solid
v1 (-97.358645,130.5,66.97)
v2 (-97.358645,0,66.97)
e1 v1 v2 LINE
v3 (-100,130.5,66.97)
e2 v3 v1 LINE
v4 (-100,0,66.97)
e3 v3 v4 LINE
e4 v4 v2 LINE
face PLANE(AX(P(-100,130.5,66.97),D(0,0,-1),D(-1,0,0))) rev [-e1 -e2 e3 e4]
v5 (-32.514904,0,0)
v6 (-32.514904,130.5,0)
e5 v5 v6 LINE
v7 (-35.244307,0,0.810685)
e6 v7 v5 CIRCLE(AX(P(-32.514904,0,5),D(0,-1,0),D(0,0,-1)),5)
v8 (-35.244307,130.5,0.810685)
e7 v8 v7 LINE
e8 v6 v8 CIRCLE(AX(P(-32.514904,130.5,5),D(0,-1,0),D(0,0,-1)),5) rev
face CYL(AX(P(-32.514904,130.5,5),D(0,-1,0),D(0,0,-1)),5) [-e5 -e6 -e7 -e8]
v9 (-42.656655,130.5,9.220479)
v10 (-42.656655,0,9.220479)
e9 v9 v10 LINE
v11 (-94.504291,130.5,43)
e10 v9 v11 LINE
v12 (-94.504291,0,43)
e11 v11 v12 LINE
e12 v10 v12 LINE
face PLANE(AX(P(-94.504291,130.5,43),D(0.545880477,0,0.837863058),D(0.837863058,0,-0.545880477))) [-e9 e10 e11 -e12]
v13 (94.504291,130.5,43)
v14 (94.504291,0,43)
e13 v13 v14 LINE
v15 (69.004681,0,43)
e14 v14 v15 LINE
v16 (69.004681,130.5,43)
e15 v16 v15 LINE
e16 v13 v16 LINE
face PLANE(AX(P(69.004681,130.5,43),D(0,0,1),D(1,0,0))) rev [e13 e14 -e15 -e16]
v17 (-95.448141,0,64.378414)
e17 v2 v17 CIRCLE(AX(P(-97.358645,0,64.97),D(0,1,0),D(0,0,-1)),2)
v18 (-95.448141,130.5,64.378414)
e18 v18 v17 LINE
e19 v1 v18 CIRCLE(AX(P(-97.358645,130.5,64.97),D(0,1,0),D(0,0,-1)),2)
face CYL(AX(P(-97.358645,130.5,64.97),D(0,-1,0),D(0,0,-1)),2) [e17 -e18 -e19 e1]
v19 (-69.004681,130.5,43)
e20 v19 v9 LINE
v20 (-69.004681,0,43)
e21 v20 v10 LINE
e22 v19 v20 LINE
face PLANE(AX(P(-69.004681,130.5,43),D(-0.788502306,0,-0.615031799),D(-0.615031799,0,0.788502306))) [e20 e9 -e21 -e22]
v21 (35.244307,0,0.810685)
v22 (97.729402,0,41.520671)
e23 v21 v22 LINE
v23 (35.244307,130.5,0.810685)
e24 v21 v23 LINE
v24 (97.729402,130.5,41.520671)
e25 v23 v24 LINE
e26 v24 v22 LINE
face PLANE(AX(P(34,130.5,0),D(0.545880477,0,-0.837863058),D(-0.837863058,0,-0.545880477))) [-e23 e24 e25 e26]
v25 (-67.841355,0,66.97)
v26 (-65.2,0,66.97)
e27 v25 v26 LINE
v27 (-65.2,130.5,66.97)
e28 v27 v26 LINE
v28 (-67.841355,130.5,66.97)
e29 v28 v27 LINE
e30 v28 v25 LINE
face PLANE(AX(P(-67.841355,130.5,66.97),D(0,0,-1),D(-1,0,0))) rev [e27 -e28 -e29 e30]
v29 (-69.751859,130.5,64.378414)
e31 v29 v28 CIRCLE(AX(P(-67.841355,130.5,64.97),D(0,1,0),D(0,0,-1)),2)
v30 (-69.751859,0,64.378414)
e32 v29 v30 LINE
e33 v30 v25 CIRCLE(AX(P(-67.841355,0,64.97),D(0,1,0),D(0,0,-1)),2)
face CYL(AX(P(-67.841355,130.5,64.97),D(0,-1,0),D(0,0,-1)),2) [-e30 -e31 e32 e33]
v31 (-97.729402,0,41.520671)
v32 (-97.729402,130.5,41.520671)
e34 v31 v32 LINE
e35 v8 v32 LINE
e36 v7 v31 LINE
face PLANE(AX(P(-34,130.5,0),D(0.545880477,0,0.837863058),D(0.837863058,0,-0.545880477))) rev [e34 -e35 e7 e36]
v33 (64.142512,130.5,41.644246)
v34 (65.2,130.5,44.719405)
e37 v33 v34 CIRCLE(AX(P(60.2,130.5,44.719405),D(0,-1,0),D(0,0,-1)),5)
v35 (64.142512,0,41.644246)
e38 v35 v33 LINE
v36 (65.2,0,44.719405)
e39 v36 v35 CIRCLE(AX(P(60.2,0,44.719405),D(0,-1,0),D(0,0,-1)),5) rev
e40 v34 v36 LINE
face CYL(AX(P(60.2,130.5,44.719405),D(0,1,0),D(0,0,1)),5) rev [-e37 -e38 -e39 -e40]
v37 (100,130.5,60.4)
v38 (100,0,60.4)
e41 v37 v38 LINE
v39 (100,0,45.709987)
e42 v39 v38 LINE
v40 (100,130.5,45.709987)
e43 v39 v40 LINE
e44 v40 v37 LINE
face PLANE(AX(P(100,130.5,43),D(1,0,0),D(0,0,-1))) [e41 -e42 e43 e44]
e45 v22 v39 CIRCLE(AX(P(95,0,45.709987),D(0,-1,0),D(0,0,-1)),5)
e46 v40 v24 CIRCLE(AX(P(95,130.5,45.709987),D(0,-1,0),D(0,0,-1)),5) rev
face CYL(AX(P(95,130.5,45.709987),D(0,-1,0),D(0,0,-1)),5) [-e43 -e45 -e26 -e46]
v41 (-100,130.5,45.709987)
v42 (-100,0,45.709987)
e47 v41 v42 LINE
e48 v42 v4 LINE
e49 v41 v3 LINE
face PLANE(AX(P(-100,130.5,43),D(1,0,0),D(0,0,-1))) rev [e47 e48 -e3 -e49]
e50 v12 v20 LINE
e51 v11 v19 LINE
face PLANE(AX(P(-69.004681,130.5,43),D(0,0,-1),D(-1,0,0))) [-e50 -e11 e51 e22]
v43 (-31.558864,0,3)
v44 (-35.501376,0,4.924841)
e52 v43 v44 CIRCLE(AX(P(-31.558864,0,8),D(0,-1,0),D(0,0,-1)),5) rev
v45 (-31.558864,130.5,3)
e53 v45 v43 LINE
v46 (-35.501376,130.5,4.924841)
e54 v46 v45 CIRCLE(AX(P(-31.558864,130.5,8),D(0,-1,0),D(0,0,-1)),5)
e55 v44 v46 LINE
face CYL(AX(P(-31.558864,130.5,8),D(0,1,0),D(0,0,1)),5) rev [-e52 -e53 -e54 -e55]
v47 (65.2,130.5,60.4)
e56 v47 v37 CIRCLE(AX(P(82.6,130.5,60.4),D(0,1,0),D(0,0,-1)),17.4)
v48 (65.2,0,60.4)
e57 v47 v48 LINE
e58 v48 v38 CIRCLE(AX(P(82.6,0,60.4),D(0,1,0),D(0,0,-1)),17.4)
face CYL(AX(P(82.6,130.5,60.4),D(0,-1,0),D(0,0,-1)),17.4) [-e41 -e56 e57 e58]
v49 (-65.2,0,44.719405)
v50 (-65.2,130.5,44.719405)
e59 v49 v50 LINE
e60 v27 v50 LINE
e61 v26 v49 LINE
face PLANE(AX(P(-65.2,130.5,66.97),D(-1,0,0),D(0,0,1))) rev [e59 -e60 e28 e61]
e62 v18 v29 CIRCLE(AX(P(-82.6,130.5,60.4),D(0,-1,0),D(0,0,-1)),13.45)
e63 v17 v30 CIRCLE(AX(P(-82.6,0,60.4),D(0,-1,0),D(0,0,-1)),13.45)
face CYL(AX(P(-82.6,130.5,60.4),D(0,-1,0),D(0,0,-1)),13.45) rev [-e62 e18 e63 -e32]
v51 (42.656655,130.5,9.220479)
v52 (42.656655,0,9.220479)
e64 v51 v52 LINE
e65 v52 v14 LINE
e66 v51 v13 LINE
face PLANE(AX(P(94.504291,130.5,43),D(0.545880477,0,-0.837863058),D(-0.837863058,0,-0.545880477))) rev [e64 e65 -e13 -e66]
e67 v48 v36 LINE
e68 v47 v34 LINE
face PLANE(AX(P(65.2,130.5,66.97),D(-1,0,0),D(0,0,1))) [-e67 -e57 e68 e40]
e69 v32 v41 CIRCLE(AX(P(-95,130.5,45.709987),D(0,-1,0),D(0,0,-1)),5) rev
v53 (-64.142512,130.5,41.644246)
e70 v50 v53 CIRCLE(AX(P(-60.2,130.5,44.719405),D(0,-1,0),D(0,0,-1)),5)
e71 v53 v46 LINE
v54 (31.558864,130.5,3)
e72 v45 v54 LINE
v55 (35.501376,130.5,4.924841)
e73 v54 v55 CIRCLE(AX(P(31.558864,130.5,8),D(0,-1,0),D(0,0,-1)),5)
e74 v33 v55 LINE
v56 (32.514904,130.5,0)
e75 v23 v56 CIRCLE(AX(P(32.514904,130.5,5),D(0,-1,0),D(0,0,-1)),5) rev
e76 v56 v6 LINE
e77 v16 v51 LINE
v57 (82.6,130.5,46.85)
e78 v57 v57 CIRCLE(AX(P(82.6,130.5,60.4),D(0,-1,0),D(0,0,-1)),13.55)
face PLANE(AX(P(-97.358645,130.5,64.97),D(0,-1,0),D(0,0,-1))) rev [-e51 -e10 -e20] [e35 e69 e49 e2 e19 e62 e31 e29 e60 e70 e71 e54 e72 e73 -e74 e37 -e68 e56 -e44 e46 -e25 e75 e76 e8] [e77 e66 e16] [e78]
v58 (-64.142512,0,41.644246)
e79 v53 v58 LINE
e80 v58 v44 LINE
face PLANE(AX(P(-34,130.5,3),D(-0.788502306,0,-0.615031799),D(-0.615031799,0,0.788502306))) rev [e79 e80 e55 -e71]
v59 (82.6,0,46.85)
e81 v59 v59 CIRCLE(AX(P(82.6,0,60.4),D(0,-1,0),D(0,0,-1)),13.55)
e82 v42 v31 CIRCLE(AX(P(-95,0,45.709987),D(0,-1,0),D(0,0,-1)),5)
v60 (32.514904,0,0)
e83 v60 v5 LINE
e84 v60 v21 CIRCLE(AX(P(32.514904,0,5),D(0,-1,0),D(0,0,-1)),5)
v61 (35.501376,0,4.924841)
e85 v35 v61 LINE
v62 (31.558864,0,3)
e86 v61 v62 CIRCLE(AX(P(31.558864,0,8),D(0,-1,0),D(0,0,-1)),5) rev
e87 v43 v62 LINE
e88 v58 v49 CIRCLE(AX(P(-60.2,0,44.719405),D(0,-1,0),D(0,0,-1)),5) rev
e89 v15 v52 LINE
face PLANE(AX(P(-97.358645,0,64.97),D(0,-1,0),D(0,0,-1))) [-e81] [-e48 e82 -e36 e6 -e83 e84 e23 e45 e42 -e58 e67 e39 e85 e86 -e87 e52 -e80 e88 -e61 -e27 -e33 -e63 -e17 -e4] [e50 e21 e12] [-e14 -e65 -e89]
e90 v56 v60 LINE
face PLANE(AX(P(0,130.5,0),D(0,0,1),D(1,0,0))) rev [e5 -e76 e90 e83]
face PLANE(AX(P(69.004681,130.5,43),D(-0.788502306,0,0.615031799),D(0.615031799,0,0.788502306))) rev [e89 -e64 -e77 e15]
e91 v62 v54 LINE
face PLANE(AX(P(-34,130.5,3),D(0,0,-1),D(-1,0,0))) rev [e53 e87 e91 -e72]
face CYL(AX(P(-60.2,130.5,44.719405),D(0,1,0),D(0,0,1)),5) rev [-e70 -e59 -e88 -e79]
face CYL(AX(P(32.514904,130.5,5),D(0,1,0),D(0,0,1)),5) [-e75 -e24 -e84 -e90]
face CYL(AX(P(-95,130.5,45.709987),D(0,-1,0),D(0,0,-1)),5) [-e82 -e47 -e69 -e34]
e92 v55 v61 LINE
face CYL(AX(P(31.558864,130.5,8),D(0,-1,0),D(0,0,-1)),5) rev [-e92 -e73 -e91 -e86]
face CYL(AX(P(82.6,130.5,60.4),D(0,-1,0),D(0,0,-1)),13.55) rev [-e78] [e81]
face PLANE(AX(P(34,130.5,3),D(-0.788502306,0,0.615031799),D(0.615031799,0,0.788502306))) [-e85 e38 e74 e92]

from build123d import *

# Parameters (mm, degrees)
BOSS_EXTRUDE1_DEPTH = 130.5
SKETCH4_W           = 34.8
SKETCH4_H           = 34.8
SKETCH4_R           = 13.45
BOSS_EXTRUDE2_DEPTH = 130.5
FILLET1_R           = 5
CUT_EXTRUDE4_DEPTH  = 182.887575167
SKETCH6_R           = 13.55
CUT_EXTRUDE5_DEPTH  = 182.887575167


with BuildPart() as part:
    # Sketch1 → Boss-Extrude1 (new body)
    with BuildSketch(Plane(origin=(0, 0, 0), x_dir=(1, 0, 0), z_dir=(0, 1, 0))):
        with BuildLine():
            Line((0, 0), (-34, 0))
            Line((-34, 0), (-100, -43))
            Line((-100, -43), (-100, -66.97))
            Line((-100, -66.97), (-97.358644924, -66.97))
            ThreePointArc((-97.358644924, -66.97), (-95.748804634, -66.156766295), (-95.448140727, -64.378414239))
            ThreePointArc((-95.448140727, -64.378414239), (-82.6, -46.95), (-69.751859273, -64.378414239))
            ThreePointArc((-69.751859273, -64.378414239), (-69.451195366, -66.156766295), (-67.841355076, -66.97))
            Line((-67.841355076, -66.97), (-65.2, -66.97))
            Line((-65.2, -66.97), (-65.2, -43))
            Line((-65.2, -43), (-34, -3))
            Line((-34, -3), (0, -3))
            Line((0, -3), (0, 0))
        make_face()
        Polygon((-69.004681327, -43), (-94.504291462, -43), (-42.656655328, -9.220479488), align=None, mode=Mode.SUBTRACT)
    boss_extrude1 = extrude(amount=BOSS_EXTRUDE1_DEPTH)

    # Mirror1: Boss-Extrude1 across plane
    add(boss_extrude1.mirror(Plane(origin=(0, 130.5, 3), x_dir=(0, 0, 1), z_dir=(-1, 0, 0))))

    # Sketch4 → Boss-Extrude2 (add)
    with BuildSketch(Plane.XZ):
        with Locations((82.6, 60.4)):
            Rectangle(SKETCH4_W, SKETCH4_H)
        with Locations(Location((82.6, 60.4, 0), (0, 0, 270))):
            Circle(SKETCH4_R, mode=Mode.SUBTRACT)
    extrude(amount=-BOSS_EXTRUDE2_DEPTH)

    # Fillet1
    fillet1_edges = [part.edges().sort_by_distance(p)[0] for p in [
        (-34, 65.25, 3),
        (-65.2, 65.25, 43),
        (-100, 65.25, 43),
        (-34, 65.25, 0),
        (34, 65.25, 3),
        (65.2, 65.25, 43),
        (100, 65.25, 43),
        (34, 65.25, 0),
    ]]
    fillet(fillet1_edges, radius=FILLET1_R)

    # Sketch5 → Cut-Extrude4 (cut, through all)
    with BuildSketch(Plane.XZ):
        with BuildLine():
            Line((65.2, 60.4), (65.2, 77.8))
            Line((65.2, 77.8), (83.070170915, 82.404410021))
            Line((83.070170915, 82.404410021), (100, 77.8))
            Line((100, 77.8), (100, 60.4))
            ThreePointArc((100, 60.4), (82.6, 77.8), (65.2, 60.4))
        make_face()
    extrude(amount=-CUT_EXTRUDE4_DEPTH, mode=Mode.SUBTRACT)

    # Sketch6 → Cut-Extrude5 (cut, through all)
    with BuildSketch(Plane.XZ):
        with Locations(Location((82.6, 60.4, 0), (0, 0, 270))):
            Circle(SKETCH6_R)
    extrude(amount=-CUT_EXTRUDE5_DEPTH, mode=Mode.SUBTRACT)


solid = part.part
